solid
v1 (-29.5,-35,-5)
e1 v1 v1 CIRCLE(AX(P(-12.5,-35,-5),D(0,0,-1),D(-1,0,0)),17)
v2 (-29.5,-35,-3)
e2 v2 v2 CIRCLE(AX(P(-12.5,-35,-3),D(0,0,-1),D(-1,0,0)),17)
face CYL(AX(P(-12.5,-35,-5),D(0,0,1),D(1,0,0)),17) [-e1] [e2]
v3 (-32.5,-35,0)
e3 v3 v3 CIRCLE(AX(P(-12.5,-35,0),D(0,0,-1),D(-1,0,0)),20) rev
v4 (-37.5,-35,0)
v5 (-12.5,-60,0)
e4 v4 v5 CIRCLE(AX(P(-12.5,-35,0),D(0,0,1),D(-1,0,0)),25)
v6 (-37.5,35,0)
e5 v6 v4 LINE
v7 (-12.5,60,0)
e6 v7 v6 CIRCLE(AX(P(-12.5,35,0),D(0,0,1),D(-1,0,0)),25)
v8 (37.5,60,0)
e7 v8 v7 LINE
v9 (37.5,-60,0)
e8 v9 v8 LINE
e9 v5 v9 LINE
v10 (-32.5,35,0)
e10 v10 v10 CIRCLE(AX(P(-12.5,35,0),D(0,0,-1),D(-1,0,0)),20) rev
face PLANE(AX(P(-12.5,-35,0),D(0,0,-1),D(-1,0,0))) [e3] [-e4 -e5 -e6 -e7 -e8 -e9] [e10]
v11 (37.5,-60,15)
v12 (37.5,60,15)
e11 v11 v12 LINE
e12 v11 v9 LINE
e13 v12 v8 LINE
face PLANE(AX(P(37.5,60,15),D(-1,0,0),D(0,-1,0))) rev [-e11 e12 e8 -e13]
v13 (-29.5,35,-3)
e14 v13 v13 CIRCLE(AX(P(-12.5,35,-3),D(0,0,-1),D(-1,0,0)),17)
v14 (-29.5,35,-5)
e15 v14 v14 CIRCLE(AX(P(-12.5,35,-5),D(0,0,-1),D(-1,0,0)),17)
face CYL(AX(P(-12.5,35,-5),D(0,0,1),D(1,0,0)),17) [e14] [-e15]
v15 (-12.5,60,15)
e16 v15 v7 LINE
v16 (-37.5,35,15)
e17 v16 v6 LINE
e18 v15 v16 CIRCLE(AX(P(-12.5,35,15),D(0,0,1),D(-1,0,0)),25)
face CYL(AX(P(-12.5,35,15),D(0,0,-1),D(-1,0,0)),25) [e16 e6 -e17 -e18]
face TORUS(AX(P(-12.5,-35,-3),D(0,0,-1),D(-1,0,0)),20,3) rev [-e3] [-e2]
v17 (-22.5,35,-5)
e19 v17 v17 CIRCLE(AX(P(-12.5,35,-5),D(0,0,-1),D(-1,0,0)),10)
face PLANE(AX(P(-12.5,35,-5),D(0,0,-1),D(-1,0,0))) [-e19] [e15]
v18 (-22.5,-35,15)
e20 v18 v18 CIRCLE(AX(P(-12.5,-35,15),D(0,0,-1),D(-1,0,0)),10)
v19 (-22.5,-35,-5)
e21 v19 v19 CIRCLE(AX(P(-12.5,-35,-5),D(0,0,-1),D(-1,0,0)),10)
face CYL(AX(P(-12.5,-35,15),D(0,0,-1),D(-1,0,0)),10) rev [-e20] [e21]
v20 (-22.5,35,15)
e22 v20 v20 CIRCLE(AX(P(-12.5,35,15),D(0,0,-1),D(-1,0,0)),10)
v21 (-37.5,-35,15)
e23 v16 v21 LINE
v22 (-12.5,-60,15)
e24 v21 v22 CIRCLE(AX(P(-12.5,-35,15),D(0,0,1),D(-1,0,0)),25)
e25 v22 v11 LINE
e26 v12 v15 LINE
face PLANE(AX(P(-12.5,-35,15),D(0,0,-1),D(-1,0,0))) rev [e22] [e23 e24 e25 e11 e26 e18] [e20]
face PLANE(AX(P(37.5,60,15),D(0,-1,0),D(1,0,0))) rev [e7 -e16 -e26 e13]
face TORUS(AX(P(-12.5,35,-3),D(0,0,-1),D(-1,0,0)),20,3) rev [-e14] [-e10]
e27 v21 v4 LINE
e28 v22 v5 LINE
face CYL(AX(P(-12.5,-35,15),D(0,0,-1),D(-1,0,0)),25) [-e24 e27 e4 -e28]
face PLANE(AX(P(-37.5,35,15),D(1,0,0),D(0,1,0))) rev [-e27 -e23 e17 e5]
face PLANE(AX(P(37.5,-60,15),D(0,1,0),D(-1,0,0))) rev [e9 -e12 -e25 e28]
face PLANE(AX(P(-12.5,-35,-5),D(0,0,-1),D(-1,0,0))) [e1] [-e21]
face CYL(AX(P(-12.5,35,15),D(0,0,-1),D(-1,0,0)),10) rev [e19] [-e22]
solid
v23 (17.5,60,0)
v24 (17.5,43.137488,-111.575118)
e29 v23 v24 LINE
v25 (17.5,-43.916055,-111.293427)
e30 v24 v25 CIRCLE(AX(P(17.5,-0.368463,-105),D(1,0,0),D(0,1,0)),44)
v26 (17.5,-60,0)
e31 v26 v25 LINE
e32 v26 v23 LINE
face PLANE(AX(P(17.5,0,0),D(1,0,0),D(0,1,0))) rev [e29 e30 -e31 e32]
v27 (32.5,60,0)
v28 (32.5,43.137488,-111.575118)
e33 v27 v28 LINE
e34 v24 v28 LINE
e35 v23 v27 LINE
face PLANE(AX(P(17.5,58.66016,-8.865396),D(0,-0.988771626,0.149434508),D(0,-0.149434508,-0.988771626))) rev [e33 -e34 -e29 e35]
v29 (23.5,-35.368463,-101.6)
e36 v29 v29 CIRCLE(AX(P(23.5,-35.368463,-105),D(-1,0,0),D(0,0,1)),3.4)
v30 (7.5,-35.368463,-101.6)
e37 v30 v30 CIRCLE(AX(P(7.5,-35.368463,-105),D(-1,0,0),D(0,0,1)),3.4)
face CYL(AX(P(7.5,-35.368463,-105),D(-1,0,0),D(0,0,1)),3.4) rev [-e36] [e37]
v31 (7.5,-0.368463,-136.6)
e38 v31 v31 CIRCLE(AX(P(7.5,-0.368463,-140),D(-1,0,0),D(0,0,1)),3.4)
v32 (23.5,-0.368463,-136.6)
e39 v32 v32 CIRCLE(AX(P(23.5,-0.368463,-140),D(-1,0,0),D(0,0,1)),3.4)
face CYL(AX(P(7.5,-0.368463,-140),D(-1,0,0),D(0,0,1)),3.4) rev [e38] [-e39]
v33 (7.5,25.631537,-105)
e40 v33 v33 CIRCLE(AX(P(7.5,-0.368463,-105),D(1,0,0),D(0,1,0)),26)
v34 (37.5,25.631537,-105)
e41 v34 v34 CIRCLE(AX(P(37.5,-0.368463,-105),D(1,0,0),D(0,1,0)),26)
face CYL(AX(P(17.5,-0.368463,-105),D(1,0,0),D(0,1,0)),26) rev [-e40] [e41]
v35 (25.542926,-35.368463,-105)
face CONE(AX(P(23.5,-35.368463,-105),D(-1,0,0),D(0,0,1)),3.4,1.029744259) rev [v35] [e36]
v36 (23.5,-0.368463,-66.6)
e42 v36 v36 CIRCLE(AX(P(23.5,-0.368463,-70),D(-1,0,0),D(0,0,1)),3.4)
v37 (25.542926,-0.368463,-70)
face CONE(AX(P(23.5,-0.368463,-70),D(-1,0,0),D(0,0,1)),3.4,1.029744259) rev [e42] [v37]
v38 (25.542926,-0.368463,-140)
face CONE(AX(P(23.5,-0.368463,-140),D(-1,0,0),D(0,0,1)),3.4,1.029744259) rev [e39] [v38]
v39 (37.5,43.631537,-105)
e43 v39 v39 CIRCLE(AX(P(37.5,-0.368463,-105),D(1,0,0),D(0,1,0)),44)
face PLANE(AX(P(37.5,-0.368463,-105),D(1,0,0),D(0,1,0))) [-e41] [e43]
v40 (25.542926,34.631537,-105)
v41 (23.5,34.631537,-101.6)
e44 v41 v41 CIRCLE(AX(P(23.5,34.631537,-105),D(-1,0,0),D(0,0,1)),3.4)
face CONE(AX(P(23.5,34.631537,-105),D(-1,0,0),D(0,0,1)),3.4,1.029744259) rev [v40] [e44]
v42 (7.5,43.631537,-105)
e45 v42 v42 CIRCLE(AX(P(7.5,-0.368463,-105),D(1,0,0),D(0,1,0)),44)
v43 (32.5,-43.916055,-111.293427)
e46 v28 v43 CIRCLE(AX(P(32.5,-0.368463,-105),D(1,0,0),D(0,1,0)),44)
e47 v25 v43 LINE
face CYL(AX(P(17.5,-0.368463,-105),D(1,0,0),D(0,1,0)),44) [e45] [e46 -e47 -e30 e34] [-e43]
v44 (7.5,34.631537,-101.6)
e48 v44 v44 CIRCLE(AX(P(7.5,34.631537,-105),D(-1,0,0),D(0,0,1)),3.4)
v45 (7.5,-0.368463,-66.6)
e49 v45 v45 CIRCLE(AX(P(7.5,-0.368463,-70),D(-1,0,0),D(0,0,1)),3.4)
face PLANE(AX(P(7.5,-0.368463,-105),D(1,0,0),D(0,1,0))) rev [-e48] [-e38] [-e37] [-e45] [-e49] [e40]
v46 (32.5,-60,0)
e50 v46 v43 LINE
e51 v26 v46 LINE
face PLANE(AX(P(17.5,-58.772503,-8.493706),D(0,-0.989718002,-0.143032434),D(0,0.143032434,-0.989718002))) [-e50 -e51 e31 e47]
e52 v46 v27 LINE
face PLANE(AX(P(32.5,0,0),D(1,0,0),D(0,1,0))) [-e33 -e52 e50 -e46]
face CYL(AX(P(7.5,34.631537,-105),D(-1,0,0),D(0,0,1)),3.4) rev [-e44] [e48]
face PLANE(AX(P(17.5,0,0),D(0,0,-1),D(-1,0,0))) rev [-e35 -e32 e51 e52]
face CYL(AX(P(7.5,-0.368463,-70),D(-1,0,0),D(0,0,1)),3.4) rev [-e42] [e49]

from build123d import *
from build123d.topology import SkipClean

# Parameters (mm, degrees)
BOSS_EXTRUDE1_DEPTH              = 15
BOSS_EXTRUDE2_START              = -5
SKETCH2_R                        = 26
BOSS_EXTRUDE2_DEPTH              = 15
BOSS_EXTRUDE4_DEPTH              = 5
BOSS_EXTRUDE4_DEPTH_BACK         = 25
SKETCH3_R                        = 44
SKETCH3_R_2                      = 26
TAP_DRILL_FOR_M8_TAP1_AT_2_COUNT = 2
TAP_DRILL_FOR_M8_TAP1_AT_2_PITCH = 49.497474683
TAP_DRILL_FOR_M8_TAP1_AT_3_COUNT = 2
TAP_DRILL_FOR_M8_TAP1_AT_3_PITCH = 70
TAP_DRILL_FOR_M8_TAP1_AT_4_COUNT = 2
TAP_DRILL_FOR_M8_TAP1_AT_4_PITCH = 49.497474683
SKETCH9_R                        = 17
BOSS_EXTRUDE6_DEPTH              = 5
SKETCH10_R                       = 10
CUT_EXTRUDE1_DEPTH               = 161.443915435
FILLET2_R                        = 3


with BuildPart() as part:
    # Sketch1 → Boss-Extrude1 (new body)
    with BuildSketch(Plane.XY):
        with BuildLine():
            Line((37.5, 60), (-12.5, 60))
            ThreePointArc((-12.5, 60), (-30.17766953, 52.67766953), (-37.5, 35))
            Line((-37.5, 35), (-37.5, -35))
            ThreePointArc((-37.5, -35), (-30.17766953, -52.67766953), (-12.5, -60))
            Line((-12.5, -60), (37.5, -60))
            Line((37.5, -60), (37.5, 60))
        make_face()
    extrude(amount=BOSS_EXTRUDE1_DEPTH)

    # Sketch9 → Boss-Extrude6 (add)
    with BuildSketch(Plane(origin=(0, 0, 0), x_dir=(-1, 0, 0), z_dir=(0, 0, -1))):
        with Locations((12.5, 35)):
            Circle(SKETCH9_R)
        with Locations((12.5, -35)):
            Circle(SKETCH9_R)
    extrude(amount=BOSS_EXTRUDE6_DEPTH)

    # Sketch10 → Cut-Extrude1 (cut, through all)
    with BuildSketch(Plane(origin=(0, 0, -5), x_dir=(-1, 0, 0), z_dir=(0, 0, -1))):
        with Locations((12.5, 35)):
            Circle(SKETCH10_R)
        with Locations((12.5, -35)):
            Circle(SKETCH10_R)
    extrude(amount=-CUT_EXTRUDE1_DEPTH, mode=Mode.SUBTRACT)

    # Fillet2
    fillet2_edges = [part.edges().sort_by_distance(p)[0] for p in [
        (4.5, 35, 0),
        (4.5, -35, 0),
    ]]
    fillet(fillet2_edges, radius=FILLET2_R)


with BuildPart() as body_2:
    # Sketch2 → Boss-Extrude2 (new body)
    with BuildSketch(Plane(origin=(37.5, 0, 0), x_dir=(0, 0, -1), z_dir=(1, 0, 0)).offset(BOSS_EXTRUDE2_START)):
        with BuildLine():
            Line((111.575118355, 43.137488486), (0, 60))
            Line((0, 60), (0, -60))
            Line((0, -60), (111.293427104, -43.916055117))
            ThreePointArc((111.293427104, -43.916055117), (148.999769647, -0.510839215), (111.575118355, 43.137488486))
        make_face()
        with Locations((105, -0.368463045)):
            Circle(SKETCH2_R, mode=Mode.SUBTRACT)
    extrude(amount=-BOSS_EXTRUDE2_DEPTH)

    # Sketch3 → Boss-Extrude4 (add, two sides: drawn at the far end of the back side and taken through both)
    with SkipClean():  # the faces are left unmerged after this step: merging them gives an invalid solid
        with BuildSketch(Plane(origin=(32.5, 0, 0), x_dir=(0, 0, -1), z_dir=(1, 0, 0)).offset(-BOSS_EXTRUDE4_DEPTH_BACK)):
            with Locations((105, -0.368463045)):
                Circle(SKETCH3_R)
            with Locations((105, -0.368463045)):
                Circle(SKETCH3_R_2, mode=Mode.SUBTRACT)
        extrude(amount=BOSS_EXTRUDE4_DEPTH + BOSS_EXTRUDE4_DEPTH_BACK)

    # Sketch5 → Tap Drill for M8 Tap1 (revolve, cut)
    with SkipClean():  # the faces are left unmerged after this step: merging them gives an invalid solid
        with BuildSketch(Plane(origin=(7.5, -0.368463045, -140), x_dir=(0, 0, 1), z_dir=(0, 1, 0))):
            Polygon((0, 0), (0, 18.042926105), (3.4, 16), (3.4, 0), align=None)
        tap_drill_for_m8_tap1 = revolve(axis=Axis((1.15, -0.368463045, -140), (1, 0, 0)), mode=Mode.SUBTRACT)

    # Tap Drill for M8 Tap1 at 2: Tap Drill for M8 Tap1 ×2
    with SkipClean():  # the faces are left unmerged after this step: merging them gives an invalid solid
        with Locations(*[Vector(0, 0.7071067811865477, 0.7071067811865475) * (i * TAP_DRILL_FOR_M8_TAP1_AT_2_PITCH) for i in range(1, TAP_DRILL_FOR_M8_TAP1_AT_2_COUNT)]):
            add(tap_drill_for_m8_tap1, mode=Mode.SUBTRACT)

    # Tap Drill for M8 Tap1 at 3: Tap Drill for M8 Tap1 ×2
    with SkipClean():  # the faces are left unmerged after this step: merging them gives an invalid solid
        with Locations(*[(0, 0, i * TAP_DRILL_FOR_M8_TAP1_AT_3_PITCH) for i in range(1, TAP_DRILL_FOR_M8_TAP1_AT_3_COUNT)]):
            add(tap_drill_for_m8_tap1, mode=Mode.SUBTRACT)

    # Tap Drill for M8 Tap1 at 4: Tap Drill for M8 Tap1 ×2
    with SkipClean():  # the faces are left unmerged after this step: merging them gives an invalid solid
        with Locations(*[Vector(0, -0.7071067811865476, 0.7071067811865476) * (i * TAP_DRILL_FOR_M8_TAP1_AT_4_PITCH) for i in range(1, TAP_DRILL_FOR_M8_TAP1_AT_4_COUNT)]):
            add(tap_drill_for_m8_tap1, mode=Mode.SUBTRACT)


solid = Compound([part.part, body_2.part])
